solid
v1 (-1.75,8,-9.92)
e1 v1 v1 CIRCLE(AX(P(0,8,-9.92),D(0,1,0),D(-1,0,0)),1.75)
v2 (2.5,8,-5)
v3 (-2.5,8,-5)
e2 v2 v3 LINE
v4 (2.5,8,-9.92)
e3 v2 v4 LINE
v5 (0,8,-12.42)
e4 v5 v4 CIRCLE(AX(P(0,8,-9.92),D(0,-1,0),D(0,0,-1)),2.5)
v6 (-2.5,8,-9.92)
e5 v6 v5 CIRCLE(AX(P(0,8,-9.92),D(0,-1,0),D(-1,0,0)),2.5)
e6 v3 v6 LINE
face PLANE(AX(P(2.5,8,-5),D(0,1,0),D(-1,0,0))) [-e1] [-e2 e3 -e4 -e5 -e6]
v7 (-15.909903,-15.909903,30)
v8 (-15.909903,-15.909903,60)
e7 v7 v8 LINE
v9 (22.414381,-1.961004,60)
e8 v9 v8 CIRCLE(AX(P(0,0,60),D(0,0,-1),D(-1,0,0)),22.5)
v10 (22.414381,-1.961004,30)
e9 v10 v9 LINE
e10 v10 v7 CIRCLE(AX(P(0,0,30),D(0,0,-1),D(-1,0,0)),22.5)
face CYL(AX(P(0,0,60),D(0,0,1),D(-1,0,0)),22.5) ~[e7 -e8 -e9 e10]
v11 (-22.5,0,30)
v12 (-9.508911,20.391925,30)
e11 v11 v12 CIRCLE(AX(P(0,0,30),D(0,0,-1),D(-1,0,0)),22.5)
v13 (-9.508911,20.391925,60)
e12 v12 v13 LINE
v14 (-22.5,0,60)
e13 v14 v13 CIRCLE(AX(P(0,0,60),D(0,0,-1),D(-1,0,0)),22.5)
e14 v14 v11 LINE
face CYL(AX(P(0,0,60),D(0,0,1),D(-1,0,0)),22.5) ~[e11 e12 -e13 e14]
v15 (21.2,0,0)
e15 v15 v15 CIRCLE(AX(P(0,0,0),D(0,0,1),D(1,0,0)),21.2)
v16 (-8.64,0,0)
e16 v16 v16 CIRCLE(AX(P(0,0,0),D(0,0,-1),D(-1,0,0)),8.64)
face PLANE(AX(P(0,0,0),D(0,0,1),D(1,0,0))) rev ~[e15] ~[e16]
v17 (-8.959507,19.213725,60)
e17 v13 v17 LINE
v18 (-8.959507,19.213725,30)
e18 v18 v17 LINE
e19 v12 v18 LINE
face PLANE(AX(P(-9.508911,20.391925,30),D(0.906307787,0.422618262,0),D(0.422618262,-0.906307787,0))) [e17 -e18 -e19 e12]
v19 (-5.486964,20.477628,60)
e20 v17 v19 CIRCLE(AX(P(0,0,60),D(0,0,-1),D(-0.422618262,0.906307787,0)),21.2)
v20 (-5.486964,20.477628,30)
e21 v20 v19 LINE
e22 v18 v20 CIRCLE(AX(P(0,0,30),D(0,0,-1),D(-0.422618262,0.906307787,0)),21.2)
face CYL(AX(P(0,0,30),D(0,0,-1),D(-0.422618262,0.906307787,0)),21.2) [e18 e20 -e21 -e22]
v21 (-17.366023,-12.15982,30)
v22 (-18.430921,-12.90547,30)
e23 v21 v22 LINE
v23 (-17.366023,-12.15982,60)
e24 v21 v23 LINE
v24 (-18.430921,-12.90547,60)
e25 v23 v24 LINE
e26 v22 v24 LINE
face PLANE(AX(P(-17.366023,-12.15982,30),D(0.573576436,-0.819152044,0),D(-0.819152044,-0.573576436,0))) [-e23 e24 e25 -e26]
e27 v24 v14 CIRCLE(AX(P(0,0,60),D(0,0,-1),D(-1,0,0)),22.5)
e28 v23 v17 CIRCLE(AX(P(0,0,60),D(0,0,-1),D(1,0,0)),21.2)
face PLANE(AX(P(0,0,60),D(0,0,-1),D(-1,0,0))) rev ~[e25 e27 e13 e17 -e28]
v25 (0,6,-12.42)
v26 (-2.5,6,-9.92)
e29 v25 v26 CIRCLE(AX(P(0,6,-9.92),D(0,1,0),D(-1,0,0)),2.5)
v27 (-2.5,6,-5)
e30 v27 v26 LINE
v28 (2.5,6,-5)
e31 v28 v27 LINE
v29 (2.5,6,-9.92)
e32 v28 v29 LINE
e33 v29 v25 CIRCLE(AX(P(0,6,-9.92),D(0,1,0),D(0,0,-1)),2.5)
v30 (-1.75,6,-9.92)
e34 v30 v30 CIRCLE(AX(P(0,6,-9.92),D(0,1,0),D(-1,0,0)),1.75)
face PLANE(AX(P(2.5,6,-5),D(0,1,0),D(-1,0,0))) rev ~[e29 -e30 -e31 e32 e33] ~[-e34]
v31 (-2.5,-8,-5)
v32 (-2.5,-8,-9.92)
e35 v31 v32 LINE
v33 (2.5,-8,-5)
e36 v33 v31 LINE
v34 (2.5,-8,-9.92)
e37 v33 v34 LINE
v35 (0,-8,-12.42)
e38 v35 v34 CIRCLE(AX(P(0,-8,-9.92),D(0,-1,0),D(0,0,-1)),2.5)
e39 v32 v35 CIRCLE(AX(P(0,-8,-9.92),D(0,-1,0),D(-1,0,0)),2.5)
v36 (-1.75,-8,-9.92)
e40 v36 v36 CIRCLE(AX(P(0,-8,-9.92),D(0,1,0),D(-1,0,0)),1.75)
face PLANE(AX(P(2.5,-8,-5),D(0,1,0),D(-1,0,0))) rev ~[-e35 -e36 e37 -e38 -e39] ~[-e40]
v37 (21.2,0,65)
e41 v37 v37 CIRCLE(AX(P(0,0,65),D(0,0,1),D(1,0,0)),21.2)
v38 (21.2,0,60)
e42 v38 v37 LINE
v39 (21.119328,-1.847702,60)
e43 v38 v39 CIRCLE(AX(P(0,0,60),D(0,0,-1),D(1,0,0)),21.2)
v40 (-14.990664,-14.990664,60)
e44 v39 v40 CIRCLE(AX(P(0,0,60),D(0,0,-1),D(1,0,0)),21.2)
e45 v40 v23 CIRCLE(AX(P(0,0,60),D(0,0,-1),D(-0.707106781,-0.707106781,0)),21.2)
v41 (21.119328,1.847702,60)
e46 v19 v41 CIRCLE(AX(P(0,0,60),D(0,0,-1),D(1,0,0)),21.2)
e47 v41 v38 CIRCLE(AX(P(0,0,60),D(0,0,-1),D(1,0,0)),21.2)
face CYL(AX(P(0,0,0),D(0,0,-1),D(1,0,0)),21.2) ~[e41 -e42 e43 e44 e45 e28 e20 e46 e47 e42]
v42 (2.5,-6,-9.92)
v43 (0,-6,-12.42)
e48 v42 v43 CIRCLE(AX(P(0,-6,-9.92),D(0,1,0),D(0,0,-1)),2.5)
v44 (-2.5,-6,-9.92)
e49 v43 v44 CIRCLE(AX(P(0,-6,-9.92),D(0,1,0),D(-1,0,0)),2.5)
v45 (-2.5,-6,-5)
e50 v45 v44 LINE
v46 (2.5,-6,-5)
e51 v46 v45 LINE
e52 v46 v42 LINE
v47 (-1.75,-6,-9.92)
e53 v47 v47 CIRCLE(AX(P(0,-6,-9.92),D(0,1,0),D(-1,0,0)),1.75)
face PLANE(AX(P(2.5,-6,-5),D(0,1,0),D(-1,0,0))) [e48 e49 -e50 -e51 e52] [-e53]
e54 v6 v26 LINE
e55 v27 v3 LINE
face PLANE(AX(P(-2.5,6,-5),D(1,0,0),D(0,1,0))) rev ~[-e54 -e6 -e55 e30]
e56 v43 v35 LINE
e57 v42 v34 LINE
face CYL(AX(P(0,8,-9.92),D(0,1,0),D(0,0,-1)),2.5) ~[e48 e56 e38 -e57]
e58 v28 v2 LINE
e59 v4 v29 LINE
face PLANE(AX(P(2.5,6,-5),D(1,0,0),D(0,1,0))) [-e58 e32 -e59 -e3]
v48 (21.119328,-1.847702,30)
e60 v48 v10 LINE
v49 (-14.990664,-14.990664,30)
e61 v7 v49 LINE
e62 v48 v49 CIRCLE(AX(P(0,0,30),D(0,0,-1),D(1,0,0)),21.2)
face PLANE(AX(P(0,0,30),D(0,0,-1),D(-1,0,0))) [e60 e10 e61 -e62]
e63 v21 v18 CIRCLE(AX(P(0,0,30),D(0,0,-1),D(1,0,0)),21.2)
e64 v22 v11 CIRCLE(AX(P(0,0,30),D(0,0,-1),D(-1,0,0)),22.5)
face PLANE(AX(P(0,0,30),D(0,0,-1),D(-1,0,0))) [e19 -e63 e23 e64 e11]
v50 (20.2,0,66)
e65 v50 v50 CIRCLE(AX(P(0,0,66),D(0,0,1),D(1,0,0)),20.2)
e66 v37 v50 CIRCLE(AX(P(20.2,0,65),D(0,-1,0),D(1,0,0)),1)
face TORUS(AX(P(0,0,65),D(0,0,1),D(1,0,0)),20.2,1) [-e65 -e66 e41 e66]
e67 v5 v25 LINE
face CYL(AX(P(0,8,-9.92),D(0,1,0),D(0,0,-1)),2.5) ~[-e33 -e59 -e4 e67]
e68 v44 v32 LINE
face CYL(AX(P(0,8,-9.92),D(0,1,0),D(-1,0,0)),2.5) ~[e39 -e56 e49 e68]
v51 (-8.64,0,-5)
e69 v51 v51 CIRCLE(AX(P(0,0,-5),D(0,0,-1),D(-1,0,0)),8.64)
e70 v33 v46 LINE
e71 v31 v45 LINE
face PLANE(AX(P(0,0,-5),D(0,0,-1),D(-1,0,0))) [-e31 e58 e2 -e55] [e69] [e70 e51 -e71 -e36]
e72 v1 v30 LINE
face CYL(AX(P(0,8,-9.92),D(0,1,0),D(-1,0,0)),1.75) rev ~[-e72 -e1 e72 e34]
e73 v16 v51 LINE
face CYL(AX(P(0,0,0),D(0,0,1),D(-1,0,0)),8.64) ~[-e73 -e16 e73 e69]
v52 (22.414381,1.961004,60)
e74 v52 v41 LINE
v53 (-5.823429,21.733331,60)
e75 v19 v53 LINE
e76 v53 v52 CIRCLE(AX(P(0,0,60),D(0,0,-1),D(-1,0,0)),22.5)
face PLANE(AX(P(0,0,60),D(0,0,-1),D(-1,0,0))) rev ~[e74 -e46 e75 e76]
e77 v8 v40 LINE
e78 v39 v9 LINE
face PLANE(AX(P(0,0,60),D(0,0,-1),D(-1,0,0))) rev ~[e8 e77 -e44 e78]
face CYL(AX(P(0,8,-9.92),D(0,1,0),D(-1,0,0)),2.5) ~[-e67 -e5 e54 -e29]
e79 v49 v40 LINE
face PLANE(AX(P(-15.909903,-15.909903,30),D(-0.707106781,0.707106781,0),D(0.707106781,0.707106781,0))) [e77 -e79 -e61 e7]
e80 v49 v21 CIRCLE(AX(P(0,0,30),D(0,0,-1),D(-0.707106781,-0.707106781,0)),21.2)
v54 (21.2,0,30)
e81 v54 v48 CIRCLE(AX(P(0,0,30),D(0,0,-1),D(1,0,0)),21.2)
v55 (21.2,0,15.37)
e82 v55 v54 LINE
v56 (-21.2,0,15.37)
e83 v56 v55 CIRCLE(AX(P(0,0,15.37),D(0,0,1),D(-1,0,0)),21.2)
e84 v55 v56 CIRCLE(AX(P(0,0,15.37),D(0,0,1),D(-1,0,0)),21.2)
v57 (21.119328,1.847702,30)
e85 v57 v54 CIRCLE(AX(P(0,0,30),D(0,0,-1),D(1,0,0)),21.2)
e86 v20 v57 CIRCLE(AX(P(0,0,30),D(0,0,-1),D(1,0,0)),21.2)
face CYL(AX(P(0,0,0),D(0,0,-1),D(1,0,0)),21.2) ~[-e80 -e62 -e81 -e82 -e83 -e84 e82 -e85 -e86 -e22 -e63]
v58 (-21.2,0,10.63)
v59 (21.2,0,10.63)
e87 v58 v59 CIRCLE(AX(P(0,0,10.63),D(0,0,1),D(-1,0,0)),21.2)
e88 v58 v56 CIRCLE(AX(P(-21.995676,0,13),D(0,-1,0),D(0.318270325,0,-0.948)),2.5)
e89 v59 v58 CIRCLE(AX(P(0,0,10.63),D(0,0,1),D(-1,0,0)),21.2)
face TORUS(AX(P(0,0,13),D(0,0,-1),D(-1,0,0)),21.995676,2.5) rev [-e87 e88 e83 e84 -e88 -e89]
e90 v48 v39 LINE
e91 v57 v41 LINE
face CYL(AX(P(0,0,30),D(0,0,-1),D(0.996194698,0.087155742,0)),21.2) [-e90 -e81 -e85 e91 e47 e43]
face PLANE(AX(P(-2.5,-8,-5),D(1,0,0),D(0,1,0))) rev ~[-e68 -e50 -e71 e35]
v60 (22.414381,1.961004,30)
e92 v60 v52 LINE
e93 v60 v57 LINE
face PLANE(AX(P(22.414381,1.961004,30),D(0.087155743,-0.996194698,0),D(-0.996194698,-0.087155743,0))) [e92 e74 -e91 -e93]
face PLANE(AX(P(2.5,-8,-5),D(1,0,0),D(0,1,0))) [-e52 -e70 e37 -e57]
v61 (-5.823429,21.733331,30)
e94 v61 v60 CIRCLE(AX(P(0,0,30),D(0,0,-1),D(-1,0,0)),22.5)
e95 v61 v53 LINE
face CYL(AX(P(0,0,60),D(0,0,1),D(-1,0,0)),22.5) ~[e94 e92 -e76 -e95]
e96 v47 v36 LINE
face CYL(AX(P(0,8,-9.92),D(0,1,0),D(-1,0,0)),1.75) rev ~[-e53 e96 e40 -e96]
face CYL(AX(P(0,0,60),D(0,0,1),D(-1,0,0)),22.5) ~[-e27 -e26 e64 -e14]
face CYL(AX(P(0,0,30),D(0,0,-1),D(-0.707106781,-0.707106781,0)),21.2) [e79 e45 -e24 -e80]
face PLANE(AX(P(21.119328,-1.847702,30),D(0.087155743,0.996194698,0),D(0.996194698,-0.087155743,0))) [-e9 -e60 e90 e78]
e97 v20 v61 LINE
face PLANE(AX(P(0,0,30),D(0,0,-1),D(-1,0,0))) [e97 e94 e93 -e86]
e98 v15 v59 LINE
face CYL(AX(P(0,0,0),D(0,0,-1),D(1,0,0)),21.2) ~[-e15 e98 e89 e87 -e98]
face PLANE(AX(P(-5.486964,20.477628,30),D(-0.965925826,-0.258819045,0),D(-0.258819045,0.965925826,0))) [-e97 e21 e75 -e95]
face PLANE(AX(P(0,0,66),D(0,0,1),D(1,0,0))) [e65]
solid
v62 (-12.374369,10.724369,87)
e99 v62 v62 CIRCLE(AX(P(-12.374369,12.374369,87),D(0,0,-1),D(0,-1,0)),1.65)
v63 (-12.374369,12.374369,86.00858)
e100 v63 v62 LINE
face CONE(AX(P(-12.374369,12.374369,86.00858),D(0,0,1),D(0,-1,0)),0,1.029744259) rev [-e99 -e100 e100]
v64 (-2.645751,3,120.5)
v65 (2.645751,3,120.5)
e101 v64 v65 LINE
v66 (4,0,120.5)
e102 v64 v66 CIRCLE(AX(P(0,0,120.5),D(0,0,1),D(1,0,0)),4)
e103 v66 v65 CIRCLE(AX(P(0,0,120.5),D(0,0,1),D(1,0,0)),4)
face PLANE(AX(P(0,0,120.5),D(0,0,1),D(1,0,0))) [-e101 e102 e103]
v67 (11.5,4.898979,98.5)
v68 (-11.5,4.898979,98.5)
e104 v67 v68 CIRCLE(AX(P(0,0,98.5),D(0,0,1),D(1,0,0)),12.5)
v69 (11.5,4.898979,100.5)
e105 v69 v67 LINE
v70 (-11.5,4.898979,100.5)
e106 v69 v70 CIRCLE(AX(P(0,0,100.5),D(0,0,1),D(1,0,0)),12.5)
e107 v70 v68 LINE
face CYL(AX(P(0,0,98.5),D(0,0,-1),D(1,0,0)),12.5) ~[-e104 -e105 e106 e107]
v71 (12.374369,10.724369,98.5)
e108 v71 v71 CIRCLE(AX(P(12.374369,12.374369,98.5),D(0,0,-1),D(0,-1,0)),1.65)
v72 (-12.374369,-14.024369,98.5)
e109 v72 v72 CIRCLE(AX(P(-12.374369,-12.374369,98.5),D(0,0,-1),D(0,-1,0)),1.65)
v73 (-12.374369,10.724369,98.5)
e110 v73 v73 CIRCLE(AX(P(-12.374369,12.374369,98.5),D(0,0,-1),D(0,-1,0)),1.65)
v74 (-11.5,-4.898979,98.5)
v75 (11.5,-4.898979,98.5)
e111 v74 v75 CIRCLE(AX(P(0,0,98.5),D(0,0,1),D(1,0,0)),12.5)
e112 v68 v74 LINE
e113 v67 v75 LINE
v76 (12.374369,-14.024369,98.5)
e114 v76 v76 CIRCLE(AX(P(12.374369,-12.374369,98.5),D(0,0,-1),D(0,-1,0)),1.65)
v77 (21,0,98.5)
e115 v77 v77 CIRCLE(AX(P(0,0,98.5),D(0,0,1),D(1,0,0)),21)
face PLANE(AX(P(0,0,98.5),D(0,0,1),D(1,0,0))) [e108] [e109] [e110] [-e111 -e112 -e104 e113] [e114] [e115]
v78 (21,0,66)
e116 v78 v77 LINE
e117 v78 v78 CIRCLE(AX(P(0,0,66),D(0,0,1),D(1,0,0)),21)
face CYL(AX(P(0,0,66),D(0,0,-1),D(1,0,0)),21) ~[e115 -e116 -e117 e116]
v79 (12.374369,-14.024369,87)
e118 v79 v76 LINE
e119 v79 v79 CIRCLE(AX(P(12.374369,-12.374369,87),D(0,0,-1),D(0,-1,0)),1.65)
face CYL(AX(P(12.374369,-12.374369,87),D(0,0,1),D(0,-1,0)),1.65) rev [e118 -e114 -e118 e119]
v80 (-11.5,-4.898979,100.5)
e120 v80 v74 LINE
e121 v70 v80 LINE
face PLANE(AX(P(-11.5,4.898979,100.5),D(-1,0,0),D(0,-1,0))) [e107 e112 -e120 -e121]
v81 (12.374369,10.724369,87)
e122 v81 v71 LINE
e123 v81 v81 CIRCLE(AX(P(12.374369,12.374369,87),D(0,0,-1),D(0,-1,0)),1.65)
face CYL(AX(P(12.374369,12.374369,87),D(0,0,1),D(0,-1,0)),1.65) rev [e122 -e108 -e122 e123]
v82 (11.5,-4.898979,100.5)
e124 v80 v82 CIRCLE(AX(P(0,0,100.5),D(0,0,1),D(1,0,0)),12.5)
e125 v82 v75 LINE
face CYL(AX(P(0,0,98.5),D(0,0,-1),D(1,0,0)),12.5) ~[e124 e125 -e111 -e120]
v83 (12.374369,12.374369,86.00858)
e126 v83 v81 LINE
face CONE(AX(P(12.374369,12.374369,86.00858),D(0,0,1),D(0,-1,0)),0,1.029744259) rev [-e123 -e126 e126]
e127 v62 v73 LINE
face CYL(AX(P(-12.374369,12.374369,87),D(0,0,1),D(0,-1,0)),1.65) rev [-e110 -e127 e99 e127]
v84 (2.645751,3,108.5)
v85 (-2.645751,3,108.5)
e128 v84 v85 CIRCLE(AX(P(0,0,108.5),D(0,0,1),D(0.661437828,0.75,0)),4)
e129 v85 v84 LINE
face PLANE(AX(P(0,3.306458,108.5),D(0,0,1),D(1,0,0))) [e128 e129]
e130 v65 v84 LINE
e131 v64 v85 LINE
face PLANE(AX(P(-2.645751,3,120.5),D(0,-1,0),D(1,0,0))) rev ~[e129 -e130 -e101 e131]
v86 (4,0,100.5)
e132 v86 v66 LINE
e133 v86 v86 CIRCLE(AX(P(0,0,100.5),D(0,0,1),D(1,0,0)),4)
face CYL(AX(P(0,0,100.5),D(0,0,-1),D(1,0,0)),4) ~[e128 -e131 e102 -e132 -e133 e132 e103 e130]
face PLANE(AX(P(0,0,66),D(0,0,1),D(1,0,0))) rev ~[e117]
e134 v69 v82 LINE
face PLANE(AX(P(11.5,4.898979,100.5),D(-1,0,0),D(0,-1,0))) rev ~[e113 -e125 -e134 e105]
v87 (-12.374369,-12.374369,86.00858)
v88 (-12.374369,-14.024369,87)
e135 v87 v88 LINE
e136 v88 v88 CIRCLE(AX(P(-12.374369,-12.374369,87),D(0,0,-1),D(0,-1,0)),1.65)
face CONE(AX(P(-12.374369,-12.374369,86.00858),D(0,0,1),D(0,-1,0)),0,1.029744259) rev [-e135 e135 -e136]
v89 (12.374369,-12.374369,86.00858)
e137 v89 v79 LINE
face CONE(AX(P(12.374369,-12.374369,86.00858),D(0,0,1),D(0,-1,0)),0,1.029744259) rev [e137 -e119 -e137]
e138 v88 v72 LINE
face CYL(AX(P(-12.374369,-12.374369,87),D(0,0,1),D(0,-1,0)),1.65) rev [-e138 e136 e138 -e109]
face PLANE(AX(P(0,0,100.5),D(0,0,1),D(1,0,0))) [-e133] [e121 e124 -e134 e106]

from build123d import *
from build123d.topology import SkipClean

# Parameters (mm, degrees)
SCHIZZO1_R                     = 21.2
ESTRUSIONE_ESTRUSIONE1_DEPTH   = 66
SCHIZZO2_R                     = 21
ESTRUSIONE_ESTRUSIONE2_DEPTH   = 32.5
SCHIZZO3_R                     = 12.5
ESTRUSIONE_ESTRUSIONE3_DEPTH   = 2
TAGLIO_ESTRUSIONE5_DEPTH       = 2
SCHIZZO5_R                     = 4
ESTRUSIONE_ESTRUSIONE4_DEPTH   = 20
TAGLIO_ESTRUSIONE6_DEPTH       = 12
SCHIZZO11_R                    = 8.64
ESTRUSIONE_ESTRUSIONE5_DEPTH   = 5
SCHIZZO12_W                    = 5
SCHIZZO12_H                    = 2
ESTRUSIONE_ESTRUSIONE6_DEPTH   = 7.42
SCHIZZO13_R                    = 1.75
TAGLIO_ESTRUSIONE4_DEPTH       = 16
RACCORDO2_R                    = 1
FORO_FILETTATO_M4_1_AT_2_COUNT = 2
FORO_FILETTATO_M4_1_AT_2_PITCH = 24.748737342
FORO_FILETTATO_M4_1_AT_3_COUNT = 2
FORO_FILETTATO_M4_1_AT_3_PITCH = 35
FORO_FILETTATO_M4_1_AT_4_COUNT = 2
FORO_FILETTATO_M4_1_AT_4_PITCH = 24.748737342
SCHIZZO19_R                    = 22.5
ESTRUSIONE_ESTRUSIONE7_DEPTH   = 30
TAGLIO_ESTRUSIONE9_START       = 30
TAGLIO_ESTRUSIONE9_DEPTH       = 30


with BuildPart() as part:
    # Schizzo1 → Estrusione-Estrusione1 (new body)
    with BuildSketch(Plane.XY):
        Circle(SCHIZZO1_R)
    extrude(amount=ESTRUSIONE_ESTRUSIONE1_DEPTH)

    # Schizzo9 → Taglia-Rivoluzione1 (revolve, cut)
    with BuildSketch(Plane(origin=(0, 0, 0), x_dir=(0, 0, -1), z_dir=(1, 0, 0)), mode=Mode.PRIVATE) as taglia_rivoluzione1_sk:
        with BuildLine():
            Line((-15.37, 21.2), (-10.63, 21.2))
            ThreePointArc((-10.63, 21.2), (-13, 19.495675813), (-15.37, 21.2))
        make_face()
    revolve(taglia_rivoluzione1_sk.sketch.rotate(Axis((0, 0, 0), (0, 0, 1)), 90), axis=Axis((0, 0, 0), (0, 0, 1)), mode=Mode.SUBTRACT)

    # Schizzo11 → Estrusione-Estrusione5 (add)
    with BuildSketch(Plane(origin=(0, 0, 0), x_dir=(-1, 0, 0), z_dir=(0, 0, -1))):
        Circle(SCHIZZO11_R)
    extrude(amount=ESTRUSIONE_ESTRUSIONE5_DEPTH)

    # Schizzo12 → Estrusione-Estrusione6 (add)
    with BuildSketch(Plane(origin=(0, 0, -5), x_dir=(-1, 0, 0), z_dir=(0, 0, -1))):
        with Locations((0, 7)):
            Rectangle(SCHIZZO12_W, SCHIZZO12_H)
        with Locations((0, -7)):
            Rectangle(SCHIZZO12_W, SCHIZZO12_H)
    extrude(amount=ESTRUSIONE_ESTRUSIONE6_DEPTH)

    # Schizzo13 → Taglio-Estrusione4 (cut)
    with BuildSketch(Plane(origin=(0, 8, 0), x_dir=(1, 0, 0), z_dir=(0, 1, 0))):
        with Locations(Location((0, 9.92, 0), (0, 0, 180))):
            Circle(SCHIZZO13_R)
        with BuildLine():
            Line((-2.5, 12.42), (-2.5, 9.92))
            ThreePointArc((-2.5, 9.92), (-1.767766953, 11.687766953), (0, 12.42))
            Line((0, 12.42), (-2.5, 12.42))
        make_face()
        with BuildLine():
            Line((2.5, 12.42), (0, 12.42))
            ThreePointArc((0, 12.42), (1.767766953, 11.687766953), (2.5, 9.92))
            Line((2.5, 9.92), (2.5, 12.42))
        make_face()
    extrude(amount=-TAGLIO_ESTRUSIONE4_DEPTH, mode=Mode.SUBTRACT)

    # Raccordo2
    raccordo2_edges = [part.edges().sort_by_distance(p)[0] for p in [
        (-21.2, 0, 66),
    ]]
    fillet(raccordo2_edges, radius=RACCORDO2_R)

    # Schizzo19 → Estrusione-Estrusione7 (add)
    with BuildSketch(Plane(origin=(0, 0, 60), x_dir=(-1, 0, 0), z_dir=(0, 0, -1))):
        Circle(SCHIZZO19_R)
    extrude(amount=ESTRUSIONE_ESTRUSIONE7_DEPTH)

    # Schizzo20 → Taglio-Estrusione9 (cut)
    with SkipClean():  # the faces are left unmerged after this step: merging them gives an invalid solid
        with BuildSketch(Plane(origin=(0, 0, 60), x_dir=(-1, 0, 0), z_dir=(0, 0, -1)).offset(TAGLIO_ESTRUSIONE9_START)):
            with BuildLine():
                Line((-22.414380707, 1.961004212), (-21.1193276, 1.847701746))
                ThreePointArc((-21.1193276, 1.847701746), (-21.2, 0), (-21.1193276, -1.847701746))
                Line((-21.1193276, -1.847701746), (-22.414380707, -1.961004212))
                ThreePointArc((-22.414380707, -1.961004212), (-22.5, 0), (-22.414380707, 1.961004212))
            make_face()
            with BuildLine():
                Line((9.508910889, 20.391925208), (8.959507149, 19.213725085))
                ThreePointArc((8.959507149, 19.213725085), (7.250827039, 19.921483561), (5.486963756, 20.477627517))
                Line((5.486963756, 20.477627517), (5.823428515, 21.733331092))
                ThreePointArc((5.823428515, 21.733331092), (7.695453225, 21.143083968), (9.508910889, 20.391925208))
            make_face()
            with BuildLine():
                Line((15.909902577, -15.909902577), (14.990663761, -14.990663761))
                ThreePointArc((14.990663761, -14.990663761), (16.240142194, -13.627097325), (17.366023339, -12.159820451))
                Line((17.366023339, -12.159820451), (18.430920996, -12.905469818))
                ThreePointArc((18.430920996, -12.905469818), (17.23599997, -14.462721218), (15.909902577, -15.909902577))
            make_face()
        extrude(amount=-TAGLIO_ESTRUSIONE9_DEPTH, mode=Mode.SUBTRACT)


with BuildPart() as body_2:
    # Schizzo2 → Estrusione-Estrusione2 (new body)
    with BuildSketch(Plane.XY.offset(66)):
        Circle(SCHIZZO2_R)
    extrude(amount=ESTRUSIONE_ESTRUSIONE2_DEPTH)

    # Schizzo3 → Estrusione-Estrusione3 (add)
    with BuildSketch(Plane.XY.offset(98.5)):
        Circle(SCHIZZO3_R)
    extrude(amount=ESTRUSIONE_ESTRUSIONE3_DEPTH)

    # Schizzo4 → Taglio-Estrusione5 (cut)
    with BuildSketch(Plane.XY.offset(100.5)):
        with BuildLine():
            Line((-11.5, 4.898979486), (-11.5, -4.898979486))
            ThreePointArc((-11.5, -4.898979486), (-12.5, 0), (-11.5, 4.898979486))
        make_face()
        with BuildLine():
            Line((11.5, 4.898979486), (11.5, -4.898979486))
            ThreePointArc((11.5, -4.898979486), (12.5, 0), (11.5, 4.898979486))
        make_face()
    extrude(amount=-TAGLIO_ESTRUSIONE5_DEPTH, mode=Mode.SUBTRACT)

    # Schizzo5 → Estrusione-Estrusione4 (add)
    with BuildSketch(Plane.XY.offset(100.5)):
        Circle(SCHIZZO5_R)
    extrude(amount=ESTRUSIONE_ESTRUSIONE4_DEPTH)

    # Schizzo6 → Taglio-Estrusione6 (cut)
    with BuildSketch(Plane.XY.offset(120.5)):
        with BuildLine():
            Line((-2.645751311, 3), (2.645751311, 3))
            ThreePointArc((2.645751311, 3), (0, 4), (-2.645751311, 3))
        make_face()
    extrude(amount=-TAGLIO_ESTRUSIONE6_DEPTH, mode=Mode.SUBTRACT)

    # Schizzo18 → Foro filettato M4-1 (revolve, cut)
    with BuildSketch(Plane(origin=(-12.374368671, 12.374368671, 98.5), x_dir=(0, -1, 0), z_dir=(1, 0, 0))):
        Polygon((0, 0), (0, 12.491420021), (1.65, 11.5), (1.65, 0), align=None)
    foro_filettato_m4_1 = revolve(axis=Axis((-12.374368671, 12.374368671, 104.85), (0, 0, -1)), mode=Mode.SUBTRACT)

    # Foro filettato M4-1 at 2: Foro filettato M4-1 ×2
    with Locations(*[(i * FORO_FILETTATO_M4_1_AT_2_PITCH, 0, 0) for i in range(1, FORO_FILETTATO_M4_1_AT_2_COUNT)]):
        add(foro_filettato_m4_1, mode=Mode.SUBTRACT)

    # Foro filettato M4-1 at 3: Foro filettato M4-1 ×2
    with Locations(*[Vector(0.7071067811865489, -0.7071067811865462, 0) * (i * FORO_FILETTATO_M4_1_AT_3_PITCH) for i in range(1, FORO_FILETTATO_M4_1_AT_3_COUNT)]):
        add(foro_filettato_m4_1, mode=Mode.SUBTRACT)

    # Foro filettato M4-1 at 4: Foro filettato M4-1 ×2
    with Locations(*[(0, -i * FORO_FILETTATO_M4_1_AT_4_PITCH, 0) for i in range(1, FORO_FILETTATO_M4_1_AT_4_COUNT)]):
        add(foro_filettato_m4_1, mode=Mode.SUBTRACT)


solid = Compound([part.part, body_2.part])
